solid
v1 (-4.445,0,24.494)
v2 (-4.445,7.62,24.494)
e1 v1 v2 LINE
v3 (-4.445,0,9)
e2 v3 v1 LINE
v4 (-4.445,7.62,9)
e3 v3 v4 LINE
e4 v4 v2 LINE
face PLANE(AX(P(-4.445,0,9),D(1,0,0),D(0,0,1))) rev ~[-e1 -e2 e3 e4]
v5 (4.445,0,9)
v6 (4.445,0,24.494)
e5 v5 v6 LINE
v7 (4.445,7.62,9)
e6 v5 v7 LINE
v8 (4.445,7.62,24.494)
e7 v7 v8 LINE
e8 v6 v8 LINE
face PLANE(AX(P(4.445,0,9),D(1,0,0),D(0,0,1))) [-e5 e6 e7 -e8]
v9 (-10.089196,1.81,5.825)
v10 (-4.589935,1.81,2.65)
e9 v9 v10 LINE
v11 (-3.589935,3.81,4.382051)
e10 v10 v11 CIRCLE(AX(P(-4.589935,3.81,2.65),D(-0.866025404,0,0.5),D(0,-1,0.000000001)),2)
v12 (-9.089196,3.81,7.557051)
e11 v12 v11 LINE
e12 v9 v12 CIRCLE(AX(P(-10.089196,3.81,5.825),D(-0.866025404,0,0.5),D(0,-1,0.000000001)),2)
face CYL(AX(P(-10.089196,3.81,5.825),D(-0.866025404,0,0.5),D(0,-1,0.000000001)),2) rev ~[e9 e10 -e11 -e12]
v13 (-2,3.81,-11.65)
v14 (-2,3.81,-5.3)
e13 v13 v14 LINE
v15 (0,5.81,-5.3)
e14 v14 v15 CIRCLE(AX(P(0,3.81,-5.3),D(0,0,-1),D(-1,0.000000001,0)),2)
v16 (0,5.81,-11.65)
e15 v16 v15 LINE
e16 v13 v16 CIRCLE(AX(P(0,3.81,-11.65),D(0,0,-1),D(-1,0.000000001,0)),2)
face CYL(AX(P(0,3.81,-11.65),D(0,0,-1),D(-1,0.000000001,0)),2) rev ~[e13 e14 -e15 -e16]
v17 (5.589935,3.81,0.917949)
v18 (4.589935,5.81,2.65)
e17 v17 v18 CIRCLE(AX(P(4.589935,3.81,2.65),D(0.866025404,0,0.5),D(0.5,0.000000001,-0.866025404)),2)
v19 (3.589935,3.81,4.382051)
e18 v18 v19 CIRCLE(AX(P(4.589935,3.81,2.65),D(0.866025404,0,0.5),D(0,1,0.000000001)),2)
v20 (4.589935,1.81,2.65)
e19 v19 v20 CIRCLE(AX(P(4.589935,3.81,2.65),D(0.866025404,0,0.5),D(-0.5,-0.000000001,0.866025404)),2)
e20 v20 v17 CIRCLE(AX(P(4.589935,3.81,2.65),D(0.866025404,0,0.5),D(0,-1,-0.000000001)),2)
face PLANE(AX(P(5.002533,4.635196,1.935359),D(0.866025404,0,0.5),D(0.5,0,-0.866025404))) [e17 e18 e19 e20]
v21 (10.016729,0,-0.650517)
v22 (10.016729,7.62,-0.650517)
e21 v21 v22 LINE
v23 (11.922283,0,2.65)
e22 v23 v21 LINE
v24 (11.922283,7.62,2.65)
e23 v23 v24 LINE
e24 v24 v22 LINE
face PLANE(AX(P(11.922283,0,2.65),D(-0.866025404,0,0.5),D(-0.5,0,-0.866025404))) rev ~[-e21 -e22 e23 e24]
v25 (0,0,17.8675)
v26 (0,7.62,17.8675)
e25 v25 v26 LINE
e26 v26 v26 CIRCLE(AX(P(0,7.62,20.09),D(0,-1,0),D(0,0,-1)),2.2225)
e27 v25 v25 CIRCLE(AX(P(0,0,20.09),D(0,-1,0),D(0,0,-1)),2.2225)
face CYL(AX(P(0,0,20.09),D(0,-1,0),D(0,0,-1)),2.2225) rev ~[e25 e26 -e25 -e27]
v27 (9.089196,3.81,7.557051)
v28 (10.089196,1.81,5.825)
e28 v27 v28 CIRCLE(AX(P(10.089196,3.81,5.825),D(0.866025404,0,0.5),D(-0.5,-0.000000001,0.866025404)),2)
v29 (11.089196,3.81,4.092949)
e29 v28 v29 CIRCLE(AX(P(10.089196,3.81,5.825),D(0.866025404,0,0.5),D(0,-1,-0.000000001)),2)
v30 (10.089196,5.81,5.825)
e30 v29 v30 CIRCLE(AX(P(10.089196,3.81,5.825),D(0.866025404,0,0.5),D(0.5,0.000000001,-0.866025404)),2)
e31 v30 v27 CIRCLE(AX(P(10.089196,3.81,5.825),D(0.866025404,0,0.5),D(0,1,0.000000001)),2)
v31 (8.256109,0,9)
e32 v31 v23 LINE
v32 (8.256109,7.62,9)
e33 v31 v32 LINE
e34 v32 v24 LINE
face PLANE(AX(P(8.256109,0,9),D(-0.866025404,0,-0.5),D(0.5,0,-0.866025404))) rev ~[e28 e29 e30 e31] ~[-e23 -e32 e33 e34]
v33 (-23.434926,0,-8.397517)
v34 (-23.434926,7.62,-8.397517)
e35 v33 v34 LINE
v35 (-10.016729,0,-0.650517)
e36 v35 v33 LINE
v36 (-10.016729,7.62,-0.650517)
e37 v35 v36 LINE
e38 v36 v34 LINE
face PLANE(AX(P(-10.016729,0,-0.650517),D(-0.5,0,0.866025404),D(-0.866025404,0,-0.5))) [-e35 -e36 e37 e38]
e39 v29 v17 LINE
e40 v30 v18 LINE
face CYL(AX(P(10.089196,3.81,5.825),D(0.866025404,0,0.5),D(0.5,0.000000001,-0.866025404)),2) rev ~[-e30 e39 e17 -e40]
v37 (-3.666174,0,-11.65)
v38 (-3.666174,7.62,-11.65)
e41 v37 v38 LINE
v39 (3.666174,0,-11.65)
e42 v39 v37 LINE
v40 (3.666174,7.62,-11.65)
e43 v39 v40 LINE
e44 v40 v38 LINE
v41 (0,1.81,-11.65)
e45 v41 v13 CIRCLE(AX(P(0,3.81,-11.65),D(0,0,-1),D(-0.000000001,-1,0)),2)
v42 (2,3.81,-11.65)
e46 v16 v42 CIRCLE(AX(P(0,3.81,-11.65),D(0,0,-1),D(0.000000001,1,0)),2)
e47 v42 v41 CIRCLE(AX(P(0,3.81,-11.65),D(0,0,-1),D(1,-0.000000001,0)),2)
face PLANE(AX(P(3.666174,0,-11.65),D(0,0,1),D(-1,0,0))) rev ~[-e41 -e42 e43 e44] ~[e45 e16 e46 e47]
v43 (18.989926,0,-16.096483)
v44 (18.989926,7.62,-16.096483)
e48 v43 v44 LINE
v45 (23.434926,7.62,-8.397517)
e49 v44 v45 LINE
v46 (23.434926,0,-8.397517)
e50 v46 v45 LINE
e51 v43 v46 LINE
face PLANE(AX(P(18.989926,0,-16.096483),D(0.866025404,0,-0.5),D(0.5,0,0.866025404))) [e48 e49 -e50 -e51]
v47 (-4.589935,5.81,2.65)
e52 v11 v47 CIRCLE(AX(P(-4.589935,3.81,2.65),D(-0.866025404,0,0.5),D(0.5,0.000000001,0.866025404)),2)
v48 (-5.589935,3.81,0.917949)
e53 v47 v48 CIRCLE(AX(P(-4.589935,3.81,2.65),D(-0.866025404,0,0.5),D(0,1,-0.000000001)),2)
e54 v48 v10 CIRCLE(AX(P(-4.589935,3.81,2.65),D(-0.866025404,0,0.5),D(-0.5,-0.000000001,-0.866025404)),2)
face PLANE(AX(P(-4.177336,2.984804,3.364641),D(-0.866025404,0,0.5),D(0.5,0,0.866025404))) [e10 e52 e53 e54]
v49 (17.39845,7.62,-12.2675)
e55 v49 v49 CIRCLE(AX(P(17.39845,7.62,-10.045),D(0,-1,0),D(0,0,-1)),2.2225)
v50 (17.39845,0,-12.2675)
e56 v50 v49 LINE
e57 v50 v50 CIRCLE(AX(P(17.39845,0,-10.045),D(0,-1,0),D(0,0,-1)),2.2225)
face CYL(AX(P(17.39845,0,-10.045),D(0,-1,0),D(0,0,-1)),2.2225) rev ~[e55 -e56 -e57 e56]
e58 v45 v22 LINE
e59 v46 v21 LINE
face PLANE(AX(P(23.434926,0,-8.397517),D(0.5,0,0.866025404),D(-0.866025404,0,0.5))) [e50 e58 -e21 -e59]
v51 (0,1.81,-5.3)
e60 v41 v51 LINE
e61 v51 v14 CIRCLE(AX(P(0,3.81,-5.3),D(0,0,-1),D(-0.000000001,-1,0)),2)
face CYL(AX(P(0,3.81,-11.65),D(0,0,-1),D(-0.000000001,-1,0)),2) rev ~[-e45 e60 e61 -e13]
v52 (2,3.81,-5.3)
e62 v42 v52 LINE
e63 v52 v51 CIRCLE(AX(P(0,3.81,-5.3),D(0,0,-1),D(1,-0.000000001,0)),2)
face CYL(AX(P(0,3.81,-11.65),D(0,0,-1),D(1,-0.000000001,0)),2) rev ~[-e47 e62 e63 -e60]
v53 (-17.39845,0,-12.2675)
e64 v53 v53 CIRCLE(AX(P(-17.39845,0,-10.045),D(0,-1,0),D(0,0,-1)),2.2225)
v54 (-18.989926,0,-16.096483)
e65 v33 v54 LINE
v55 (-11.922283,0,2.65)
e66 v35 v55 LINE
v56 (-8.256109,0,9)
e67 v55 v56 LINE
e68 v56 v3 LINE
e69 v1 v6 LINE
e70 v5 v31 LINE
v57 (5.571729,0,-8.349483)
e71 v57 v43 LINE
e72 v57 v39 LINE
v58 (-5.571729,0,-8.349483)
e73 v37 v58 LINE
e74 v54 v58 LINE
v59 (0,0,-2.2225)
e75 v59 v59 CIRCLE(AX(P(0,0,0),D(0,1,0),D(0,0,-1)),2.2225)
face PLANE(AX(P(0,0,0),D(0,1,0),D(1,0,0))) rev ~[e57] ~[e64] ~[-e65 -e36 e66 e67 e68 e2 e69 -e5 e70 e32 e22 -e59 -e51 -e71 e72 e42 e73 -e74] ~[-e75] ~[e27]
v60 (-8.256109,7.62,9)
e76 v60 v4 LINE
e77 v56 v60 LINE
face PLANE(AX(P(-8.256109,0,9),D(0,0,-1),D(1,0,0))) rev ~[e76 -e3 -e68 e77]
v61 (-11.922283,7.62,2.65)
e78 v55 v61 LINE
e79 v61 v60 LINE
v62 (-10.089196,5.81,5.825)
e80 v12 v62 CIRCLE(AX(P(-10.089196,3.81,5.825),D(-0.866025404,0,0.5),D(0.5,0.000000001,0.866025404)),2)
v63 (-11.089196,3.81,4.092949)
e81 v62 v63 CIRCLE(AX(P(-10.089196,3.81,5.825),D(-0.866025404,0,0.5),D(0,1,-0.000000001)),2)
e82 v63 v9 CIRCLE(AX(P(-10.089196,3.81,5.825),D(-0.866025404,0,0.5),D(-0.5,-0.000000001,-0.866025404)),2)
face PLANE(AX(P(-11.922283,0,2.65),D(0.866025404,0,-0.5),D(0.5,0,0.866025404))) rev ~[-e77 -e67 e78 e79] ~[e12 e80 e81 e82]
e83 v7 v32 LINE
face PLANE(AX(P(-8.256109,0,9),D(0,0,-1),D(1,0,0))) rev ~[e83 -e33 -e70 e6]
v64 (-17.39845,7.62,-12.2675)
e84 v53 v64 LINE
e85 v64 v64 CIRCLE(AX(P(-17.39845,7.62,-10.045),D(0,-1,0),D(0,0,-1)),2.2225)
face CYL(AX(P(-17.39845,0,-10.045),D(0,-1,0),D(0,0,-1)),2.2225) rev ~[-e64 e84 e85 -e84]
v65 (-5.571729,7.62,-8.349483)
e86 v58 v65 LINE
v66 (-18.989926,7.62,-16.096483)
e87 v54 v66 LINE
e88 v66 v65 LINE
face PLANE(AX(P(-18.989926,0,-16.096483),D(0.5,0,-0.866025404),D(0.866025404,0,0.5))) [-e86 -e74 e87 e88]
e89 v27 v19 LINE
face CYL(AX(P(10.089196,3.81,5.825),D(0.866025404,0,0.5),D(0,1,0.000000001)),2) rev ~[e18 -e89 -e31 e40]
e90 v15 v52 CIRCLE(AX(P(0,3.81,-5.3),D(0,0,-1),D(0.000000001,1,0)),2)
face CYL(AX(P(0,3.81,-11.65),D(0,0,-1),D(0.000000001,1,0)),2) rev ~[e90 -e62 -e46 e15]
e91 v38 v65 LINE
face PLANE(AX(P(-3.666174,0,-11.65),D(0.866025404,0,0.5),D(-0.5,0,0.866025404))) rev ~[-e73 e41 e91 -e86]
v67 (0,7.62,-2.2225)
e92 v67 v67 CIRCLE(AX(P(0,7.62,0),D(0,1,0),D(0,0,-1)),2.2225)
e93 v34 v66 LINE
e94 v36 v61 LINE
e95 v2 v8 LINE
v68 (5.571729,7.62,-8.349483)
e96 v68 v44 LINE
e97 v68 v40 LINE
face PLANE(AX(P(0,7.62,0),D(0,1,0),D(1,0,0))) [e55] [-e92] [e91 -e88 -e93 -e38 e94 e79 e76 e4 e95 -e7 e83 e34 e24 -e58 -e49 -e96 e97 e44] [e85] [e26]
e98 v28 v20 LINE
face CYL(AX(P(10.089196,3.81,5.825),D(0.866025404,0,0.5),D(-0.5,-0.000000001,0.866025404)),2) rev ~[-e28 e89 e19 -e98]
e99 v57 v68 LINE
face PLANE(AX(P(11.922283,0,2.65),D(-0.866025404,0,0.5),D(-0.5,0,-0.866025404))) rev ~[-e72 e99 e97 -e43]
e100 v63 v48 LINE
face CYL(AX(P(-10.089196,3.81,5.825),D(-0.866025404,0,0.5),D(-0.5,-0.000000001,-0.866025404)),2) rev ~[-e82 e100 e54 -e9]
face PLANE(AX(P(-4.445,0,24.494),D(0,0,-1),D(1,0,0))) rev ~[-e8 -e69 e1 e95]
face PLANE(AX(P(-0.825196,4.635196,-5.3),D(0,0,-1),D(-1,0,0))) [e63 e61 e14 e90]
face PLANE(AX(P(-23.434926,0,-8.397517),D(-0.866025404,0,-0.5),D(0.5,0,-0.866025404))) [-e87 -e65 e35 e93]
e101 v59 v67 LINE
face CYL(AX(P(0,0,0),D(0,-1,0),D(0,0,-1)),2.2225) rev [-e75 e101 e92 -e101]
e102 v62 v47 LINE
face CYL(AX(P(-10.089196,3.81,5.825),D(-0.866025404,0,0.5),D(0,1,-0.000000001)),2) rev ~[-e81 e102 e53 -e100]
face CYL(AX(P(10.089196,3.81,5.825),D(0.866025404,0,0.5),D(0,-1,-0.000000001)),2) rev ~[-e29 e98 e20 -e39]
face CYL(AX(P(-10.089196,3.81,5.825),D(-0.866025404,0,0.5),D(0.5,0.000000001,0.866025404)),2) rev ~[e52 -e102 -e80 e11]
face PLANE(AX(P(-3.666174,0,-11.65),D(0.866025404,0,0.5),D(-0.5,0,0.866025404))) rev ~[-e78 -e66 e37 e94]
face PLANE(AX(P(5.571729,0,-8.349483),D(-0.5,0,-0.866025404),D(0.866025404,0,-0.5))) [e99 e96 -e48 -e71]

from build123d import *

# Parameters (mm, degrees)
SKETCH1_R           = 2.2225
BOSS_EXTRUDE2_DEPTH = 7.62
CUT_EXTRUDE1_DEPTH  = 6.35
CUT_EXTRUDE7_DEPTH  = 6.35
CUT_EXTRUDE8_DEPTH  = 6.35
SKETCH5_W           = 8.89
SKETCH5_H           = 15.494
SKETCH5_R           = 2.2225
BOSS_EXTRUDE3_DEPTH = 7.62


with BuildPart() as part:
    # Sketch1 → Boss-Extrude2 (new body)
    with BuildSketch(Plane(origin=(0, 0, 0), x_dir=(1, 0, 0), z_dir=(0, 1, 0))):
        Polygon((3.666174209, 11.65), (-3.666174209, 11.65), (-11.922283059, -2.65), (-8.256108849, -9), (8.256108849, -9), (11.922283059, -2.65), align=None)
        with Locations(Location((0, 0, 0), (0, 0, 90))):
            Circle(SKETCH1_R, mode=Mode.SUBTRACT)
    extrude(amount=BOSS_EXTRUDE2_DEPTH)

    # Sketch2 → Cut-Extrude1 (cut)
    with BuildSketch(Plane(origin=(-10.089195954, 0, 5.825), x_dir=(0.5000000000000006, 0, 0.8660254037844384), z_dir=(-0.8660254037844384, 0, 0.5000000000000006))):
        with BuildLine():
            ThreePointArc((0, 1.81), (1.414213562, 2.395786438), (2, 3.81))
            Line((2, 3.81), (0, 3.81))
            Line((0, 3.81), (0, 1.81))
        make_face()
        with BuildLine():
            Line((0, 3.81), (2, 3.81))
            ThreePointArc((2, 3.81), (1.414213562, 5.224213562), (0, 5.81))
            Line((0, 5.81), (0, 3.81))
        make_face()
        with BuildLine():
            Line((0, 1.81), (0, 3.81))
            Line((0, 3.81), (-2, 3.81))
            ThreePointArc((-2, 3.81), (-1.414213562, 2.395786438), (0, 1.81))
        make_face()
        with BuildLine():
            Line((-2, 3.81), (0, 3.81))
            Line((0, 3.81), (0, 5.81))
            ThreePointArc((0, 5.81), (-1.414213562, 5.224213562), (-2, 3.81))
        make_face()
    extrude(amount=-CUT_EXTRUDE1_DEPTH, mode=Mode.SUBTRACT)

    # Sketch3 → Cut-Extrude7 (cut)
    with BuildSketch(Plane(origin=(10.089195954, 0, 5.825), x_dir=(0.49999999999999983, 0, -0.8660254037844388), z_dir=(0.8660254037844387, 0, 0.4999999999999998))):
        with BuildLine():
            ThreePointArc((2, 3.81), (1.414213562, 5.224213562), (0, 5.81))
            Line((0, 5.81), (0, 3.81))
            Line((0, 3.81), (2, 3.81))
        make_face()
        with BuildLine():
            Line((0, 3.81), (0, 5.81))
            ThreePointArc((0, 5.81), (-1.414213562, 5.224213562), (-2, 3.81))
            Line((-2, 3.81), (0, 3.81))
        make_face()
        with BuildLine():
            Line((2, 3.81), (0, 3.81))
            Line((0, 3.81), (0, 1.81))
            ThreePointArc((0, 1.81), (1.414213562, 2.395786438), (2, 3.81))
        make_face()
        with BuildLine():
            Line((0, 1.81), (0, 3.81))
            Line((0, 3.81), (-2, 3.81))
            ThreePointArc((-2, 3.81), (-1.414213562, 2.395786438), (0, 1.81))
        make_face()
    extrude(amount=-CUT_EXTRUDE7_DEPTH, mode=Mode.SUBTRACT)

    # Sketch4 → Cut-Extrude8 (cut)
    with BuildSketch(Plane(origin=(0, 0, -11.65), x_dir=(-1, 0, 0), z_dir=(0, 0, -1))):
        with BuildLine():
            ThreePointArc((2, 3.81), (1.414213562, 5.224213562), (0, 5.81))
            Line((0, 5.81), (0, 3.81))
            Line((0, 3.81), (2, 3.81))
        make_face()
        with BuildLine():
            Line((0, 3.81), (0, 5.81))
            ThreePointArc((0, 5.81), (-1.414213562, 5.224213562), (-2, 3.81))
            Line((-2, 3.81), (0, 3.81))
        make_face()
        with BuildLine():
            Line((2, 3.81), (0, 3.81))
            Line((0, 3.81), (0, 1.81))
            ThreePointArc((0, 1.81), (1.414213562, 2.395786438), (2, 3.81))
        make_face()
        with BuildLine():
            Line((0, 1.81), (0, 3.81))
            Line((0, 3.81), (-2, 3.81))
            ThreePointArc((-2, 3.81), (-1.414213562, 2.395786438), (0, 1.81))
        make_face()
    extrude(amount=-CUT_EXTRUDE8_DEPTH, mode=Mode.SUBTRACT)

    # Sketch5 → Boss-Extrude3 (add)
    # profile 1 of 3: a face of its own
    with BuildSketch(Plane.XZ):
        with Locations((0, 16.747)):
            Rectangle(SKETCH5_W, SKETCH5_H)
        with Locations(Location((0, 20.09, 0), (0, 0, 270))):
            Circle(SKETCH5_R, mode=Mode.SUBTRACT)
    # profile 2 of 3: a face of its own
    with BuildSketch(Plane.XZ):
        Polygon((-5.571728634, -8.34948292), (-10.016728634, -0.65051708), (-23.43492624, -8.39751708), (-18.98992624, -16.09648292), align=None)
        with Locations(Location((-17.398450362, -10.045, 0), (0, 0, 270))):
            Circle(SKETCH5_R, mode=Mode.SUBTRACT)
    # profile 3 of 3: a face of its own
    with BuildSketch(Plane.XZ):
        Polygon((10.016728634, -0.65051708), (5.571728634, -8.34948292), (18.98992624, -16.09648292), (23.43492624, -8.39751708), align=None)
        with Locations(Location((17.398450362, -10.045, 0), (0, 0, 270))):
            Circle(SKETCH5_R, mode=Mode.SUBTRACT)
    extrude(amount=-BOSS_EXTRUDE3_DEPTH)


solid = part.part
